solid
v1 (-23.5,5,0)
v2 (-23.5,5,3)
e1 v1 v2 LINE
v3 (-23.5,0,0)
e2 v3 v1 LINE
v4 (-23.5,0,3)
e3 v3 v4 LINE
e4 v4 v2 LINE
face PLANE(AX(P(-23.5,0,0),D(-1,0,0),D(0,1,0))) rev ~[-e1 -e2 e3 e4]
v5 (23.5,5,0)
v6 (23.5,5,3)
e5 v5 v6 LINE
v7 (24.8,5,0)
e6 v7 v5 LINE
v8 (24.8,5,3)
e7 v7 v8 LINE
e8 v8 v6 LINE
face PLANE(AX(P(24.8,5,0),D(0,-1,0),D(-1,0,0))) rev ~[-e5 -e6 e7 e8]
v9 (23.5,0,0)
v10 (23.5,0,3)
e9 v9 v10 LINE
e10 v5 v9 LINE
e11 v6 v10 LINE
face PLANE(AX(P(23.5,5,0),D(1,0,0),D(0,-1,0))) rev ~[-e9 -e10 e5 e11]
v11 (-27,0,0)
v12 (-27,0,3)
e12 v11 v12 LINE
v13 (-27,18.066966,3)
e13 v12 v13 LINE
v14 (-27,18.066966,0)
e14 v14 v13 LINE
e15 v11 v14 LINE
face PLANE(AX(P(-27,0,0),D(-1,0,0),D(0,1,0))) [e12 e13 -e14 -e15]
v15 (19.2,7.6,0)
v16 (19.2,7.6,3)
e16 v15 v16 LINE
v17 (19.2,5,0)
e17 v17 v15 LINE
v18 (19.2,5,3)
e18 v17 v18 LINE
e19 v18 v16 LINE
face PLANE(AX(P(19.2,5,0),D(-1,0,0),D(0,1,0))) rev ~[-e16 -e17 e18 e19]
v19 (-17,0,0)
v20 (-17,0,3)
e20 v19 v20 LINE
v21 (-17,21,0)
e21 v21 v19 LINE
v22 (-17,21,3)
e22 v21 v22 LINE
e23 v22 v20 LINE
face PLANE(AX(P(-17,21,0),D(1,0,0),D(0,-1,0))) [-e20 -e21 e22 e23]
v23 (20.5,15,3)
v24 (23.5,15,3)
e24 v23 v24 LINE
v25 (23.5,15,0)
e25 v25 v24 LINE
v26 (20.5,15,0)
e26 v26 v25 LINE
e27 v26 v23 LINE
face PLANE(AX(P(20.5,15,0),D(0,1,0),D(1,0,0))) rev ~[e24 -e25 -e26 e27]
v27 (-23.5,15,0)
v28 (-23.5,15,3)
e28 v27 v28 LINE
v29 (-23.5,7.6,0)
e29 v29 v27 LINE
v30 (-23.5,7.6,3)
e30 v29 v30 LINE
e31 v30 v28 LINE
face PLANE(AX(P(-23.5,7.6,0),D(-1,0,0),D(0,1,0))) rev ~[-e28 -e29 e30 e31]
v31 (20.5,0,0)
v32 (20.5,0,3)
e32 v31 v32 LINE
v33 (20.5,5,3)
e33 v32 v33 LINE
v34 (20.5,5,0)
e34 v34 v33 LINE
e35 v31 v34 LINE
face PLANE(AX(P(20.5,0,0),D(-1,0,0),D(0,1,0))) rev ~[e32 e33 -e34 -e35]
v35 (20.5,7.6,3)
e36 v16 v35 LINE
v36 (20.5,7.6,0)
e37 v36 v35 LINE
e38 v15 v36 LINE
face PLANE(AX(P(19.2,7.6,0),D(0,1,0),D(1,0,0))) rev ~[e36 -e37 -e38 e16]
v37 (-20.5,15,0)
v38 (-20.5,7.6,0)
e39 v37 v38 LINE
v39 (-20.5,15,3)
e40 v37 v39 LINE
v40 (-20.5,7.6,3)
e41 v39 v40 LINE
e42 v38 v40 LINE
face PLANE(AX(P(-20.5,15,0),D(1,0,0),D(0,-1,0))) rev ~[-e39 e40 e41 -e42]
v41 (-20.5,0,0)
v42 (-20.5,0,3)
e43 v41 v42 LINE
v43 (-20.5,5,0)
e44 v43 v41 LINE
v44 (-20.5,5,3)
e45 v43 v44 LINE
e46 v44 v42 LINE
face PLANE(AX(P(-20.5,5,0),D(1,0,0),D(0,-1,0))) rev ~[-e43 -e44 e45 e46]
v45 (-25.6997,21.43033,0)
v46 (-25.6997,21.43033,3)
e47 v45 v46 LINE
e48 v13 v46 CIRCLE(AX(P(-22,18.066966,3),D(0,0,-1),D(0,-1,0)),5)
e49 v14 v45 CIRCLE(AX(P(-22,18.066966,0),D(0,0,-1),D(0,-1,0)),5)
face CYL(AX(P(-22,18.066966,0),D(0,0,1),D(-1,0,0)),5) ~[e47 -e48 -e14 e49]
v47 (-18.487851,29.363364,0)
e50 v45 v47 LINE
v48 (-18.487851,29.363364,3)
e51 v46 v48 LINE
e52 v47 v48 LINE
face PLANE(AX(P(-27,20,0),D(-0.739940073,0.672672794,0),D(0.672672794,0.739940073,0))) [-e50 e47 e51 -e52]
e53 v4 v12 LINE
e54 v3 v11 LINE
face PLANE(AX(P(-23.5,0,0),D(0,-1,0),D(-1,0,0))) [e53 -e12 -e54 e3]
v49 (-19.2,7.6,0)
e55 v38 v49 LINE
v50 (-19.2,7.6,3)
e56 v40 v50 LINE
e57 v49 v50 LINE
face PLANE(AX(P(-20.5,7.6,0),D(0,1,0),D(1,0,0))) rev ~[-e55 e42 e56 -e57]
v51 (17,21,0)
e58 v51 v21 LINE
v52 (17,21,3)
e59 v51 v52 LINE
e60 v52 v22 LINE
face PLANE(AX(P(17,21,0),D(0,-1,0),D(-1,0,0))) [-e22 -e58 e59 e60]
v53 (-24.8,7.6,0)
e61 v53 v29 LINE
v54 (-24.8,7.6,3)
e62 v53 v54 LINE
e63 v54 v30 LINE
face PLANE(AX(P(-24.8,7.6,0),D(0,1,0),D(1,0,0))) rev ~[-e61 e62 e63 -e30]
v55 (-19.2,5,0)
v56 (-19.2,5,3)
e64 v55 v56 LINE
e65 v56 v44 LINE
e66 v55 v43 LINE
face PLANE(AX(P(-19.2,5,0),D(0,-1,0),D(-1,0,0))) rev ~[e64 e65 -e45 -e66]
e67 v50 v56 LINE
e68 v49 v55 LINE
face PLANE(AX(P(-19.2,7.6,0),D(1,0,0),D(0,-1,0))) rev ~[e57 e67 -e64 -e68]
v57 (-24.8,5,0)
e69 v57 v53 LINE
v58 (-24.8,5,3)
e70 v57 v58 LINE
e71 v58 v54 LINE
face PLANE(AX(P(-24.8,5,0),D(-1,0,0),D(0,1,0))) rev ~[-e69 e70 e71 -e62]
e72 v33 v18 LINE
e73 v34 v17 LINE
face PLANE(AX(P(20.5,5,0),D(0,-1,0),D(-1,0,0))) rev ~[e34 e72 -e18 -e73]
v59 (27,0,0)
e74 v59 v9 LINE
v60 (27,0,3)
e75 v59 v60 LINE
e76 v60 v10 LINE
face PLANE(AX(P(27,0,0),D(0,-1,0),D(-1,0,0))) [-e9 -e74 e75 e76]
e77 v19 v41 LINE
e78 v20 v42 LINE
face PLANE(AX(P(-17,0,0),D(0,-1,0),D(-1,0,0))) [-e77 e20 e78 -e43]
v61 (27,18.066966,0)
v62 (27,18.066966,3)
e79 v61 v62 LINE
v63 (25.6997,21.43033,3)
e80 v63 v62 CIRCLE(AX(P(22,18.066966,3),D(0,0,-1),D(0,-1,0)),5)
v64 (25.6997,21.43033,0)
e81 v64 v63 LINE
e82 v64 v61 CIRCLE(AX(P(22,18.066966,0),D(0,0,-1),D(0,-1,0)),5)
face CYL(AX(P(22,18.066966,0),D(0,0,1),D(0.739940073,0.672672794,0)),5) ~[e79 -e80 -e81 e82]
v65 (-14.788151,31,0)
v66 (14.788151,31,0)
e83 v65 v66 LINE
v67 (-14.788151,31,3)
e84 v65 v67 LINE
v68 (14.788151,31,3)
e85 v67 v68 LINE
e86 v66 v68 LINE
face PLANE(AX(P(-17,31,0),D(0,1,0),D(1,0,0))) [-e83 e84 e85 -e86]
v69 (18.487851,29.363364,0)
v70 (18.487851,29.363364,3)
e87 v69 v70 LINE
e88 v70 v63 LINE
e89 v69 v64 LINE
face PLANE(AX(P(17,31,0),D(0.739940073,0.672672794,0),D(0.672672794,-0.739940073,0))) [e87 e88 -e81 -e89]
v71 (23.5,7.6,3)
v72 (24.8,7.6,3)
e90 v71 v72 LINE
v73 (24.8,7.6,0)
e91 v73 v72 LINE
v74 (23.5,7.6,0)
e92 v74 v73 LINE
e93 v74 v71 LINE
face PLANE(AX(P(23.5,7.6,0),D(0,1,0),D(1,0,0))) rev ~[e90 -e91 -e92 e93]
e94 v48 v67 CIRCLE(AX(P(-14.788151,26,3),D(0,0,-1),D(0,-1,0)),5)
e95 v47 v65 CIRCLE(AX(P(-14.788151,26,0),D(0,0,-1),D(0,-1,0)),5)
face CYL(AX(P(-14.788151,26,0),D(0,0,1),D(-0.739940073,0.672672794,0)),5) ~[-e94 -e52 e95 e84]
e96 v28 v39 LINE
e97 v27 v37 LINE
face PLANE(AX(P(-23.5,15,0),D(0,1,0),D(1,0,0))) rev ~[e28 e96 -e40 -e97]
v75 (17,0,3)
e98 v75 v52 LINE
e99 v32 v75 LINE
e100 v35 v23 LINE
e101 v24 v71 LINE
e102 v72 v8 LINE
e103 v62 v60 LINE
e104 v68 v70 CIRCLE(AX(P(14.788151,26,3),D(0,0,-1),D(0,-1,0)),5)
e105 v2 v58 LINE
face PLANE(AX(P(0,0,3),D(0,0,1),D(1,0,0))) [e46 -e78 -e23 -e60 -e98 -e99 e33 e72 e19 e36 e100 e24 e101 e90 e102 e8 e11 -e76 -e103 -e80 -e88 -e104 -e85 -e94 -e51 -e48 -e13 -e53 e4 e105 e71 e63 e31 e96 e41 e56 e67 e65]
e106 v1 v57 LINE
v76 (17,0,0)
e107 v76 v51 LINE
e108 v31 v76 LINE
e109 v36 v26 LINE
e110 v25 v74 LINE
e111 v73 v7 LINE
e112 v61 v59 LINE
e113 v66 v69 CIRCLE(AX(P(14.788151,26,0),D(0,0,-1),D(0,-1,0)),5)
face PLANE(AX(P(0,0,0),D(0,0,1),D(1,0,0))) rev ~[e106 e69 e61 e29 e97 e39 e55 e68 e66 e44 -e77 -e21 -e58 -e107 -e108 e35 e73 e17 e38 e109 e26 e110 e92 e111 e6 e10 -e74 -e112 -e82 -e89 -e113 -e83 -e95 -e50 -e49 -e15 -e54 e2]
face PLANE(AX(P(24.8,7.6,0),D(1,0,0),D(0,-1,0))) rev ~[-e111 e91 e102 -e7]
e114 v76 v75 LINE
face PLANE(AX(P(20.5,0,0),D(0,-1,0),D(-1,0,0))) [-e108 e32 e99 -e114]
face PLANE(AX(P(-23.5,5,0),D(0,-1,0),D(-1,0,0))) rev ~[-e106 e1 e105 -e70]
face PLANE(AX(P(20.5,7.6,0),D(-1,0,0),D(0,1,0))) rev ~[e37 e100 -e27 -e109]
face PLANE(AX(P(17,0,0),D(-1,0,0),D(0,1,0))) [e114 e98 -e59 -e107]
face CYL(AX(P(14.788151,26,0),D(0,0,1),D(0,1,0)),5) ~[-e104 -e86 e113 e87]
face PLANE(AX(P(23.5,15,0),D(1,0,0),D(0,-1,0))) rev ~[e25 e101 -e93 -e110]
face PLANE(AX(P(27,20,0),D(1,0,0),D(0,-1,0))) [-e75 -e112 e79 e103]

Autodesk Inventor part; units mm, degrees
ref_plane "YZ Plane" through (0, 0, 0) normal (1, 0, 0) x (0, 1, 0)
ref_plane "XZ Plane" through (0, 0, 0) normal (0, 1, 0) x (-1, 0, 0)
ref_plane "XY Plane" through (0, 0, 0) normal (0, 0, 1) x (1, 0, 0)
sketch "Эскиз1" plane through (0, 0, 0) normal (0, 0, 1) x (1, 0, 0)
  line L0 (-17, 0) -> (-27, 0)
  line L1 (-27, 0) -> (-27, 20)
  line L2 (-27, 20) -> (-17, 31)
  line L3 (-17, 31) -> (17, 31)
  line L4 (17, 31) -> (27, 20)
  line L5 (27, 20) -> (27, 0)
  line L6 (27, 0) -> (17, 0)
  line L7 (17, 0) -> (17, 21)
  line L8 (17, 21) -> (-17, 21)
  line L9 (-17, 21) -> (-17, 0)
  line L10 (0, 0) -> (0, 29.9974) construction
  line L11 (-23.5, 0) -> (-23.5, 5)
  line L12 (-23.5, 5) -> (-24.8, 5)
  line L13 (-24.8, 5) -> (-24.8, 7.6)
  line L14 (-24.8, 7.6) -> (-23.5, 7.6)
  line L15 (-23.5, 7.6) -> (-23.5, 15)
  line L16 (-23.5, 15) -> (-20.5, 15)
  line L17 (-20.5, 15) -> (-20.5, 7.6)
  line L18 (-20.5, 7.6) -> (-19.2, 7.6)
  line L19 (-19.2, 7.6) -> (-19.2, 5)
  line L20 (-19.2, 5) -> (-20.5, 5)
  line L21 (-20.5, 5) -> (-20.5, 0)
  line L22 (-23.5, 0) -> (-20.5, 0)
  line L23 (20.5, 0) -> (20.5, 5)
  line L24 (20.5, 5) -> (19.2, 5)
  line L25 (19.2, 5) -> (19.2, 7.6)
  line L26 (19.2, 7.6) -> (20.5, 7.6)
  line L27 (20.5, 7.6) -> (20.5, 15)
  line L28 (20.5, 15) -> (23.5, 15)
  line L29 (23.5, 15) -> (23.5, 7.6)
  line L30 (23.5, 7.6) -> (24.8, 7.6)
  line L31 (24.8, 7.6) -> (24.8, 5)
  line L32 (24.8, 5) -> (23.5, 5)
  line L33 (23.5, 5) -> (23.5, 0)
  line L34 (-22, 0) -> (-22, 10.9086) construction
  line L35 (22, 0) -> (22, 13.2946) construction
  point P0 (0, 21)
  point P1 (0, 31)
  point P2 (-22, 15)
  point P3 (22, 15)
  point P4 (-20.5, 0)
  dimension "d0" = 34
  dimension "d1" = 21
  dimension "d3" = 20
  dimension "d4" = 34
  dimension "d5" = 10
  dimension "d6" = 10
  dimension "d10" = 3
  dimension "d11" = 2.6
  dimension "d12" = 5
  dimension "d13" = 15
  dimension "d14" = 5.6
extrude "Выдавливание1" add sketch "Эскиз1" along normal blind 3 contours L0 L21 L20 L19 L18 L17 L16 L15 L14 L13 L12 L11 L1 L2 L3 L4 L5 L6 L33 L32 L31 L30 L29 L28 L27 L26 L25 L24 L23 L7 L8 L9
fillet "Сопряжение1" radius 5 4 edges at (17, 31, 1.5) (27, 20, 1.5) (-17, 31, 1.5) (-27, 20, 1.5)
properties part number "крепление_аккума"
